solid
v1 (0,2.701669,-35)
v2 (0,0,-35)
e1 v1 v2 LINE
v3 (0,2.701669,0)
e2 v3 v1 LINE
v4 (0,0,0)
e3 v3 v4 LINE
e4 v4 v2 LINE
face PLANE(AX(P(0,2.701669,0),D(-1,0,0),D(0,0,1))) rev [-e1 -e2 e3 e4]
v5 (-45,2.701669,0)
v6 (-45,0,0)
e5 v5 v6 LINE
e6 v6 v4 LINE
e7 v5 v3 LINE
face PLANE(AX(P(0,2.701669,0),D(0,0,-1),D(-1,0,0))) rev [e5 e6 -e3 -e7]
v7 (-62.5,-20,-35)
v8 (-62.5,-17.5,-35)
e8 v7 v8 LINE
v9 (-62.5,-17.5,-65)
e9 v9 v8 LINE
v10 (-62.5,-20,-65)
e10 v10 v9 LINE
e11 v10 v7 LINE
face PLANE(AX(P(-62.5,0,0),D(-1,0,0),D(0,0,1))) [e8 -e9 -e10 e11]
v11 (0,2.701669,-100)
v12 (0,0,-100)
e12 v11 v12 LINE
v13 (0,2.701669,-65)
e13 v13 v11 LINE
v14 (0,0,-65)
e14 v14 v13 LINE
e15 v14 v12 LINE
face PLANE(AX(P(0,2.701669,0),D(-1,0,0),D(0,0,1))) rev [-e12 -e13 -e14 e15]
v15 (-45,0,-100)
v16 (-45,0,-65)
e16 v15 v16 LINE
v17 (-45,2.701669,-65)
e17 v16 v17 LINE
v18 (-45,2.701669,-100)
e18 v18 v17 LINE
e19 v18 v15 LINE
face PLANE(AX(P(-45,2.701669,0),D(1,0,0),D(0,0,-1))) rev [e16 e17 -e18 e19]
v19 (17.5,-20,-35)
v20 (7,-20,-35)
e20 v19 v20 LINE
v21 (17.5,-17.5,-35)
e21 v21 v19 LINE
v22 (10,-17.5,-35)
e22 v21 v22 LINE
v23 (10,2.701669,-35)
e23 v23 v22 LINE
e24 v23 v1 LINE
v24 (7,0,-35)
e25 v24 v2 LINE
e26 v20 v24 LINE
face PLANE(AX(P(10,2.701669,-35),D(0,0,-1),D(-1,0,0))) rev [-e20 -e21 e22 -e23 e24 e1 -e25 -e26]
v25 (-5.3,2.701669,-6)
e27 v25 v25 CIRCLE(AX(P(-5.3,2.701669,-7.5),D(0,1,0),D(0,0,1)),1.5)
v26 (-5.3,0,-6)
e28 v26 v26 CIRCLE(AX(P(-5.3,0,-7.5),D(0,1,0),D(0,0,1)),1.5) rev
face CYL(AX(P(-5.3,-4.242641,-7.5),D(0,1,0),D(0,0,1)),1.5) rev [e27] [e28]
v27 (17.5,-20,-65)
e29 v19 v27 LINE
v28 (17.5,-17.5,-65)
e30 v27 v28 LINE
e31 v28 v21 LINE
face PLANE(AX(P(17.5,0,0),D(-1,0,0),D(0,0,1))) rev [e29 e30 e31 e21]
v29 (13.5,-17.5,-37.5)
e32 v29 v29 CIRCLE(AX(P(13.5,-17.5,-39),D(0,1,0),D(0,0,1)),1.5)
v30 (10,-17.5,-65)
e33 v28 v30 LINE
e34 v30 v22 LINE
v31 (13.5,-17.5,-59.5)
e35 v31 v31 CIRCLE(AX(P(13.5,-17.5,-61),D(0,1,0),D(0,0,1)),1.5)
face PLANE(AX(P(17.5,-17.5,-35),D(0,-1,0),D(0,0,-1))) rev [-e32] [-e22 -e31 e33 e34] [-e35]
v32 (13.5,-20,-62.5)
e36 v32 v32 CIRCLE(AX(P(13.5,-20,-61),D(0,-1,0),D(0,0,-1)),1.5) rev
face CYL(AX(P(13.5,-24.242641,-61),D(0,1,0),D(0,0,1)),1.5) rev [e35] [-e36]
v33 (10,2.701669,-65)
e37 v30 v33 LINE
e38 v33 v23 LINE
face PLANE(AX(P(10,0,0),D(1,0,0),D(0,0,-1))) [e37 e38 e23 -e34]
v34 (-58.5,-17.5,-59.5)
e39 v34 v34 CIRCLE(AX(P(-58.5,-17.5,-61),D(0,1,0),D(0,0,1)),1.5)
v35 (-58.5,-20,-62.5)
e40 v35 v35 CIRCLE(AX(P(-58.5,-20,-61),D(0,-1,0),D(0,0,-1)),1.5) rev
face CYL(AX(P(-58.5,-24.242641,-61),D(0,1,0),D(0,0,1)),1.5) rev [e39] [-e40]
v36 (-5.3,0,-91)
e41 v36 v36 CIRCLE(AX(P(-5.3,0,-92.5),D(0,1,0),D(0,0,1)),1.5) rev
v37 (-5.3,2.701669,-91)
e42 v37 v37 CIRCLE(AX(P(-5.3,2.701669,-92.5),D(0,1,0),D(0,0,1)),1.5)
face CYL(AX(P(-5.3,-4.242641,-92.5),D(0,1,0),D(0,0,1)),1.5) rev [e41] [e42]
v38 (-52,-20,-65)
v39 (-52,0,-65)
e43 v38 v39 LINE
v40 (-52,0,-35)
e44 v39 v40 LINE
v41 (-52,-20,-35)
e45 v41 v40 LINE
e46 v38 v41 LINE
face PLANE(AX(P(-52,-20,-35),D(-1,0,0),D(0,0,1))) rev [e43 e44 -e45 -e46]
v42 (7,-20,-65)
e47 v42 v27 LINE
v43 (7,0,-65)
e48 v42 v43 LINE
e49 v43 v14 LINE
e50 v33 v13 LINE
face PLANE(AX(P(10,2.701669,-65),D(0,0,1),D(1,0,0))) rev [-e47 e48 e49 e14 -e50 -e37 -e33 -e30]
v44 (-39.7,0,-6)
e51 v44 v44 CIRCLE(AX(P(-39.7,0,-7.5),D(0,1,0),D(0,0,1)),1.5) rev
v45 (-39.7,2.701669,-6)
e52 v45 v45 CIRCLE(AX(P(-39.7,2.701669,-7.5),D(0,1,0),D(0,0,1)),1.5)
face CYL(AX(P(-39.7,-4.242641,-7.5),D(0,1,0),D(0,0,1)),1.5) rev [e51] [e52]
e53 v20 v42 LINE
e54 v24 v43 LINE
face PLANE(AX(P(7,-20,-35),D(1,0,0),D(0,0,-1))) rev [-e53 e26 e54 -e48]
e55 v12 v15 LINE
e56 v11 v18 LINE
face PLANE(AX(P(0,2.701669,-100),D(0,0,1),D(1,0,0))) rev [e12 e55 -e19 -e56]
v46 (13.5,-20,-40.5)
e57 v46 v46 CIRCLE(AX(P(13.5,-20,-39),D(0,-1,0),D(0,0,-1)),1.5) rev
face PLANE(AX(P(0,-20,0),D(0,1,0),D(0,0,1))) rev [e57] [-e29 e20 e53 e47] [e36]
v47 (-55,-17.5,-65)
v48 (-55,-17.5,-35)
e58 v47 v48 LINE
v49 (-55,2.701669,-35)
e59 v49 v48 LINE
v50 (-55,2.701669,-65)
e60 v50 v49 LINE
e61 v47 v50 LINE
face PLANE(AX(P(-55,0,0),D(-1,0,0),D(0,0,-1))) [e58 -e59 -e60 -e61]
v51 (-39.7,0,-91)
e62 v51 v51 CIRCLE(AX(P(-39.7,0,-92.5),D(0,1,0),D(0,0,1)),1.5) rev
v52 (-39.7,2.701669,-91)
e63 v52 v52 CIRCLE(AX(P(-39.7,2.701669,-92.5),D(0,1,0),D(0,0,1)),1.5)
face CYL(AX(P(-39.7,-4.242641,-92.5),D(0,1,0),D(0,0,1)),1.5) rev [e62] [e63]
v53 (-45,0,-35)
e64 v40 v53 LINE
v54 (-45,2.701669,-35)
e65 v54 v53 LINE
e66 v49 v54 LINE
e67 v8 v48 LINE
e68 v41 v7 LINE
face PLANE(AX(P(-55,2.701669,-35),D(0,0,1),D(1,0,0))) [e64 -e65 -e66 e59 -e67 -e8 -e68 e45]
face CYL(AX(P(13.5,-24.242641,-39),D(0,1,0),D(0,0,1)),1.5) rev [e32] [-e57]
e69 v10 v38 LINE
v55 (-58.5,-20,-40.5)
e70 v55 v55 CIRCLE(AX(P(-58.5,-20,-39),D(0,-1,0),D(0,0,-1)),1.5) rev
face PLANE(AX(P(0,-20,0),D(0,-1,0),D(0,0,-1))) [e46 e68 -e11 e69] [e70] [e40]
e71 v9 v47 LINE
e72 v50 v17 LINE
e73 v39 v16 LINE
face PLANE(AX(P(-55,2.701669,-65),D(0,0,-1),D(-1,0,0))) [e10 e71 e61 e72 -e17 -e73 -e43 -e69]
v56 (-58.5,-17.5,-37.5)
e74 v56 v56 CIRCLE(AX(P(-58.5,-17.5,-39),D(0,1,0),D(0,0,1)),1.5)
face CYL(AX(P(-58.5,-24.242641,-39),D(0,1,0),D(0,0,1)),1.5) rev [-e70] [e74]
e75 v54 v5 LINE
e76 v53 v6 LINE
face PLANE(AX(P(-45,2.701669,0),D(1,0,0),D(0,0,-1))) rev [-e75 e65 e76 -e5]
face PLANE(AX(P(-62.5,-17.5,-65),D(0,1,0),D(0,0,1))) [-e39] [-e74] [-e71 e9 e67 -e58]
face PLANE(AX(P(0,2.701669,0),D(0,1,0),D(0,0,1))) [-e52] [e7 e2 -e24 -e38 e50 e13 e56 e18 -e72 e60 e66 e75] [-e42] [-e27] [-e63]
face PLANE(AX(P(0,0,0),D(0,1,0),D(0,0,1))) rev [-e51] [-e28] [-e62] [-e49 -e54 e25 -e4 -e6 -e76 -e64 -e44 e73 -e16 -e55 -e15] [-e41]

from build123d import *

# Parameters (mm, degrees)
SKETCH1_W            = 45
SKETCH1_H            = 100
BOSS_EXTRUDE1_DEPTH  = 2.70166895
SKETCH2_R            = 1.5
CUT_EXTRUDE1_DEPTH   = 2.70166895
LPATTERN1_COUNT      = 2
LPATTERN1_PITCH      = 85
LPATTERN1_COUNT_DIR2 = 2
LPATTERN1_PITCH_DIR2 = 34.4
SKETCH4_W            = 30
SKETCH4_H            = 2.70166895
BOSS_EXTRUDE2_DEPTH  = 10
SKETCH6_W            = 3
SKETCH6_H            = 30
BOSS_EXTRUDE3_DEPTH  = 20
SKETCH7_W            = 30
SKETCH7_H            = 2.5
BOSS_EXTRUDE4_DEPTH  = 7.5
SKETCH14_W           = 3
SKETCH14_H           = 30
BOSS_EXTRUDE5_DEPTH  = 20
SKETCH15_W           = 30
SKETCH15_H           = 2.5
BOSS_EXTRUDE6_DEPTH  = 7.5
SKETCH16_R           = 1.5
CUT_EXTRUDE2_DEPTH   = 2.5
LPATTERN2_COUNT      = 2
LPATTERN2_PITCH      = 22
LPATTERN2_COUNT_DIR2 = 2
LPATTERN2_PITCH_DIR2 = 72


with BuildPart() as part:
    # Sketch1 → Boss-Extrude1 (new body)
    with BuildSketch(Plane(origin=(0, 0, 0), x_dir=(1, 0, 0), z_dir=(0, 1, 0))):
        with Locations((-22.5, 50)):
            Rectangle(SKETCH1_W, SKETCH1_H)
    extrude(amount=BOSS_EXTRUDE1_DEPTH)

    # Sketch2 → Cut-Extrude1 (cut)
    with BuildSketch(Plane(origin=(0, 2.70166895, 0), x_dir=(1, 0, 0), z_dir=(0, 1, 0))):
        with Locations(Location((-39.7, 92.5, 0), (0, 0, 270))):
            Circle(SKETCH2_R)
    cut_extrude1 = extrude(amount=-CUT_EXTRUDE1_DEPTH, mode=Mode.SUBTRACT)

    # LPattern1: Cut-Extrude1 2 × 2
    with Locations(*[(j * LPATTERN1_PITCH_DIR2, 0, i * LPATTERN1_PITCH) for i in range(LPATTERN1_COUNT) for j in range(LPATTERN1_COUNT_DIR2) if (i, j) != (0, 0)]):
        add(cut_extrude1, mode=Mode.SUBTRACT)

    # Sketch4 → Boss-Extrude2 (add)
    with BuildSketch(Plane(origin=(0, 0, 0), x_dir=(0, 0, -1), z_dir=(1, 0, 0))):
        with Locations((50, 1.350834475)):
            Rectangle(SKETCH4_W, SKETCH4_H)
    boss_extrude2 = extrude(amount=BOSS_EXTRUDE2_DEPTH)

    # Sketch6 → Boss-Extrude3 (add)
    with BuildSketch(Plane.XZ):
        with Locations((8.5, -50)):
            Rectangle(SKETCH6_W, SKETCH6_H)
    extrude(amount=BOSS_EXTRUDE3_DEPTH)

    # Sketch7 → Boss-Extrude4 (add)
    with BuildSketch(Plane(origin=(10, 0, 0), x_dir=(0, 0, -1), z_dir=(1, 0, 0))):
        with Locations((50, -18.75)):
            Rectangle(SKETCH7_W, SKETCH7_H)
    extrude(amount=BOSS_EXTRUDE4_DEPTH)

    # Mirror2: Boss-Extrude2 across plane
    add(boss_extrude2.mirror(Plane.ZY.offset(22.5)))

    # Sketch14 → Boss-Extrude5 (add)
    with BuildSketch(Plane.XZ):
        with Locations((-53.5, -50)):
            Rectangle(SKETCH14_W, SKETCH14_H)
    extrude(amount=BOSS_EXTRUDE5_DEPTH)

    # Sketch15 → Boss-Extrude6 (add)
    with BuildSketch(Plane.ZY.offset(55)):
        with Locations((-50, -18.75)):
            Rectangle(SKETCH15_W, SKETCH15_H)
    extrude(amount=BOSS_EXTRUDE6_DEPTH)

    # Sketch16 → Cut-Extrude2 (cut)
    with BuildSketch(Plane(origin=(0, -17.5, 0), x_dir=(1, 0, 0), z_dir=(0, 1, 0))):
        with Locations(Location((-58.5, 61, 0), (0, 0, 270))):
            Circle(SKETCH16_R)
    cut_extrude2 = extrude(amount=-CUT_EXTRUDE2_DEPTH, mode=Mode.SUBTRACT)

    # LPattern2: Cut-Extrude2 2 × 2
    with Locations(*[(j * LPATTERN2_PITCH_DIR2, 0, i * LPATTERN2_PITCH) for i in range(LPATTERN2_COUNT) for j in range(LPATTERN2_COUNT_DIR2) if (i, j) != (0, 0)]):
        add(cut_extrude2, mode=Mode.SUBTRACT)


solid = part.part
